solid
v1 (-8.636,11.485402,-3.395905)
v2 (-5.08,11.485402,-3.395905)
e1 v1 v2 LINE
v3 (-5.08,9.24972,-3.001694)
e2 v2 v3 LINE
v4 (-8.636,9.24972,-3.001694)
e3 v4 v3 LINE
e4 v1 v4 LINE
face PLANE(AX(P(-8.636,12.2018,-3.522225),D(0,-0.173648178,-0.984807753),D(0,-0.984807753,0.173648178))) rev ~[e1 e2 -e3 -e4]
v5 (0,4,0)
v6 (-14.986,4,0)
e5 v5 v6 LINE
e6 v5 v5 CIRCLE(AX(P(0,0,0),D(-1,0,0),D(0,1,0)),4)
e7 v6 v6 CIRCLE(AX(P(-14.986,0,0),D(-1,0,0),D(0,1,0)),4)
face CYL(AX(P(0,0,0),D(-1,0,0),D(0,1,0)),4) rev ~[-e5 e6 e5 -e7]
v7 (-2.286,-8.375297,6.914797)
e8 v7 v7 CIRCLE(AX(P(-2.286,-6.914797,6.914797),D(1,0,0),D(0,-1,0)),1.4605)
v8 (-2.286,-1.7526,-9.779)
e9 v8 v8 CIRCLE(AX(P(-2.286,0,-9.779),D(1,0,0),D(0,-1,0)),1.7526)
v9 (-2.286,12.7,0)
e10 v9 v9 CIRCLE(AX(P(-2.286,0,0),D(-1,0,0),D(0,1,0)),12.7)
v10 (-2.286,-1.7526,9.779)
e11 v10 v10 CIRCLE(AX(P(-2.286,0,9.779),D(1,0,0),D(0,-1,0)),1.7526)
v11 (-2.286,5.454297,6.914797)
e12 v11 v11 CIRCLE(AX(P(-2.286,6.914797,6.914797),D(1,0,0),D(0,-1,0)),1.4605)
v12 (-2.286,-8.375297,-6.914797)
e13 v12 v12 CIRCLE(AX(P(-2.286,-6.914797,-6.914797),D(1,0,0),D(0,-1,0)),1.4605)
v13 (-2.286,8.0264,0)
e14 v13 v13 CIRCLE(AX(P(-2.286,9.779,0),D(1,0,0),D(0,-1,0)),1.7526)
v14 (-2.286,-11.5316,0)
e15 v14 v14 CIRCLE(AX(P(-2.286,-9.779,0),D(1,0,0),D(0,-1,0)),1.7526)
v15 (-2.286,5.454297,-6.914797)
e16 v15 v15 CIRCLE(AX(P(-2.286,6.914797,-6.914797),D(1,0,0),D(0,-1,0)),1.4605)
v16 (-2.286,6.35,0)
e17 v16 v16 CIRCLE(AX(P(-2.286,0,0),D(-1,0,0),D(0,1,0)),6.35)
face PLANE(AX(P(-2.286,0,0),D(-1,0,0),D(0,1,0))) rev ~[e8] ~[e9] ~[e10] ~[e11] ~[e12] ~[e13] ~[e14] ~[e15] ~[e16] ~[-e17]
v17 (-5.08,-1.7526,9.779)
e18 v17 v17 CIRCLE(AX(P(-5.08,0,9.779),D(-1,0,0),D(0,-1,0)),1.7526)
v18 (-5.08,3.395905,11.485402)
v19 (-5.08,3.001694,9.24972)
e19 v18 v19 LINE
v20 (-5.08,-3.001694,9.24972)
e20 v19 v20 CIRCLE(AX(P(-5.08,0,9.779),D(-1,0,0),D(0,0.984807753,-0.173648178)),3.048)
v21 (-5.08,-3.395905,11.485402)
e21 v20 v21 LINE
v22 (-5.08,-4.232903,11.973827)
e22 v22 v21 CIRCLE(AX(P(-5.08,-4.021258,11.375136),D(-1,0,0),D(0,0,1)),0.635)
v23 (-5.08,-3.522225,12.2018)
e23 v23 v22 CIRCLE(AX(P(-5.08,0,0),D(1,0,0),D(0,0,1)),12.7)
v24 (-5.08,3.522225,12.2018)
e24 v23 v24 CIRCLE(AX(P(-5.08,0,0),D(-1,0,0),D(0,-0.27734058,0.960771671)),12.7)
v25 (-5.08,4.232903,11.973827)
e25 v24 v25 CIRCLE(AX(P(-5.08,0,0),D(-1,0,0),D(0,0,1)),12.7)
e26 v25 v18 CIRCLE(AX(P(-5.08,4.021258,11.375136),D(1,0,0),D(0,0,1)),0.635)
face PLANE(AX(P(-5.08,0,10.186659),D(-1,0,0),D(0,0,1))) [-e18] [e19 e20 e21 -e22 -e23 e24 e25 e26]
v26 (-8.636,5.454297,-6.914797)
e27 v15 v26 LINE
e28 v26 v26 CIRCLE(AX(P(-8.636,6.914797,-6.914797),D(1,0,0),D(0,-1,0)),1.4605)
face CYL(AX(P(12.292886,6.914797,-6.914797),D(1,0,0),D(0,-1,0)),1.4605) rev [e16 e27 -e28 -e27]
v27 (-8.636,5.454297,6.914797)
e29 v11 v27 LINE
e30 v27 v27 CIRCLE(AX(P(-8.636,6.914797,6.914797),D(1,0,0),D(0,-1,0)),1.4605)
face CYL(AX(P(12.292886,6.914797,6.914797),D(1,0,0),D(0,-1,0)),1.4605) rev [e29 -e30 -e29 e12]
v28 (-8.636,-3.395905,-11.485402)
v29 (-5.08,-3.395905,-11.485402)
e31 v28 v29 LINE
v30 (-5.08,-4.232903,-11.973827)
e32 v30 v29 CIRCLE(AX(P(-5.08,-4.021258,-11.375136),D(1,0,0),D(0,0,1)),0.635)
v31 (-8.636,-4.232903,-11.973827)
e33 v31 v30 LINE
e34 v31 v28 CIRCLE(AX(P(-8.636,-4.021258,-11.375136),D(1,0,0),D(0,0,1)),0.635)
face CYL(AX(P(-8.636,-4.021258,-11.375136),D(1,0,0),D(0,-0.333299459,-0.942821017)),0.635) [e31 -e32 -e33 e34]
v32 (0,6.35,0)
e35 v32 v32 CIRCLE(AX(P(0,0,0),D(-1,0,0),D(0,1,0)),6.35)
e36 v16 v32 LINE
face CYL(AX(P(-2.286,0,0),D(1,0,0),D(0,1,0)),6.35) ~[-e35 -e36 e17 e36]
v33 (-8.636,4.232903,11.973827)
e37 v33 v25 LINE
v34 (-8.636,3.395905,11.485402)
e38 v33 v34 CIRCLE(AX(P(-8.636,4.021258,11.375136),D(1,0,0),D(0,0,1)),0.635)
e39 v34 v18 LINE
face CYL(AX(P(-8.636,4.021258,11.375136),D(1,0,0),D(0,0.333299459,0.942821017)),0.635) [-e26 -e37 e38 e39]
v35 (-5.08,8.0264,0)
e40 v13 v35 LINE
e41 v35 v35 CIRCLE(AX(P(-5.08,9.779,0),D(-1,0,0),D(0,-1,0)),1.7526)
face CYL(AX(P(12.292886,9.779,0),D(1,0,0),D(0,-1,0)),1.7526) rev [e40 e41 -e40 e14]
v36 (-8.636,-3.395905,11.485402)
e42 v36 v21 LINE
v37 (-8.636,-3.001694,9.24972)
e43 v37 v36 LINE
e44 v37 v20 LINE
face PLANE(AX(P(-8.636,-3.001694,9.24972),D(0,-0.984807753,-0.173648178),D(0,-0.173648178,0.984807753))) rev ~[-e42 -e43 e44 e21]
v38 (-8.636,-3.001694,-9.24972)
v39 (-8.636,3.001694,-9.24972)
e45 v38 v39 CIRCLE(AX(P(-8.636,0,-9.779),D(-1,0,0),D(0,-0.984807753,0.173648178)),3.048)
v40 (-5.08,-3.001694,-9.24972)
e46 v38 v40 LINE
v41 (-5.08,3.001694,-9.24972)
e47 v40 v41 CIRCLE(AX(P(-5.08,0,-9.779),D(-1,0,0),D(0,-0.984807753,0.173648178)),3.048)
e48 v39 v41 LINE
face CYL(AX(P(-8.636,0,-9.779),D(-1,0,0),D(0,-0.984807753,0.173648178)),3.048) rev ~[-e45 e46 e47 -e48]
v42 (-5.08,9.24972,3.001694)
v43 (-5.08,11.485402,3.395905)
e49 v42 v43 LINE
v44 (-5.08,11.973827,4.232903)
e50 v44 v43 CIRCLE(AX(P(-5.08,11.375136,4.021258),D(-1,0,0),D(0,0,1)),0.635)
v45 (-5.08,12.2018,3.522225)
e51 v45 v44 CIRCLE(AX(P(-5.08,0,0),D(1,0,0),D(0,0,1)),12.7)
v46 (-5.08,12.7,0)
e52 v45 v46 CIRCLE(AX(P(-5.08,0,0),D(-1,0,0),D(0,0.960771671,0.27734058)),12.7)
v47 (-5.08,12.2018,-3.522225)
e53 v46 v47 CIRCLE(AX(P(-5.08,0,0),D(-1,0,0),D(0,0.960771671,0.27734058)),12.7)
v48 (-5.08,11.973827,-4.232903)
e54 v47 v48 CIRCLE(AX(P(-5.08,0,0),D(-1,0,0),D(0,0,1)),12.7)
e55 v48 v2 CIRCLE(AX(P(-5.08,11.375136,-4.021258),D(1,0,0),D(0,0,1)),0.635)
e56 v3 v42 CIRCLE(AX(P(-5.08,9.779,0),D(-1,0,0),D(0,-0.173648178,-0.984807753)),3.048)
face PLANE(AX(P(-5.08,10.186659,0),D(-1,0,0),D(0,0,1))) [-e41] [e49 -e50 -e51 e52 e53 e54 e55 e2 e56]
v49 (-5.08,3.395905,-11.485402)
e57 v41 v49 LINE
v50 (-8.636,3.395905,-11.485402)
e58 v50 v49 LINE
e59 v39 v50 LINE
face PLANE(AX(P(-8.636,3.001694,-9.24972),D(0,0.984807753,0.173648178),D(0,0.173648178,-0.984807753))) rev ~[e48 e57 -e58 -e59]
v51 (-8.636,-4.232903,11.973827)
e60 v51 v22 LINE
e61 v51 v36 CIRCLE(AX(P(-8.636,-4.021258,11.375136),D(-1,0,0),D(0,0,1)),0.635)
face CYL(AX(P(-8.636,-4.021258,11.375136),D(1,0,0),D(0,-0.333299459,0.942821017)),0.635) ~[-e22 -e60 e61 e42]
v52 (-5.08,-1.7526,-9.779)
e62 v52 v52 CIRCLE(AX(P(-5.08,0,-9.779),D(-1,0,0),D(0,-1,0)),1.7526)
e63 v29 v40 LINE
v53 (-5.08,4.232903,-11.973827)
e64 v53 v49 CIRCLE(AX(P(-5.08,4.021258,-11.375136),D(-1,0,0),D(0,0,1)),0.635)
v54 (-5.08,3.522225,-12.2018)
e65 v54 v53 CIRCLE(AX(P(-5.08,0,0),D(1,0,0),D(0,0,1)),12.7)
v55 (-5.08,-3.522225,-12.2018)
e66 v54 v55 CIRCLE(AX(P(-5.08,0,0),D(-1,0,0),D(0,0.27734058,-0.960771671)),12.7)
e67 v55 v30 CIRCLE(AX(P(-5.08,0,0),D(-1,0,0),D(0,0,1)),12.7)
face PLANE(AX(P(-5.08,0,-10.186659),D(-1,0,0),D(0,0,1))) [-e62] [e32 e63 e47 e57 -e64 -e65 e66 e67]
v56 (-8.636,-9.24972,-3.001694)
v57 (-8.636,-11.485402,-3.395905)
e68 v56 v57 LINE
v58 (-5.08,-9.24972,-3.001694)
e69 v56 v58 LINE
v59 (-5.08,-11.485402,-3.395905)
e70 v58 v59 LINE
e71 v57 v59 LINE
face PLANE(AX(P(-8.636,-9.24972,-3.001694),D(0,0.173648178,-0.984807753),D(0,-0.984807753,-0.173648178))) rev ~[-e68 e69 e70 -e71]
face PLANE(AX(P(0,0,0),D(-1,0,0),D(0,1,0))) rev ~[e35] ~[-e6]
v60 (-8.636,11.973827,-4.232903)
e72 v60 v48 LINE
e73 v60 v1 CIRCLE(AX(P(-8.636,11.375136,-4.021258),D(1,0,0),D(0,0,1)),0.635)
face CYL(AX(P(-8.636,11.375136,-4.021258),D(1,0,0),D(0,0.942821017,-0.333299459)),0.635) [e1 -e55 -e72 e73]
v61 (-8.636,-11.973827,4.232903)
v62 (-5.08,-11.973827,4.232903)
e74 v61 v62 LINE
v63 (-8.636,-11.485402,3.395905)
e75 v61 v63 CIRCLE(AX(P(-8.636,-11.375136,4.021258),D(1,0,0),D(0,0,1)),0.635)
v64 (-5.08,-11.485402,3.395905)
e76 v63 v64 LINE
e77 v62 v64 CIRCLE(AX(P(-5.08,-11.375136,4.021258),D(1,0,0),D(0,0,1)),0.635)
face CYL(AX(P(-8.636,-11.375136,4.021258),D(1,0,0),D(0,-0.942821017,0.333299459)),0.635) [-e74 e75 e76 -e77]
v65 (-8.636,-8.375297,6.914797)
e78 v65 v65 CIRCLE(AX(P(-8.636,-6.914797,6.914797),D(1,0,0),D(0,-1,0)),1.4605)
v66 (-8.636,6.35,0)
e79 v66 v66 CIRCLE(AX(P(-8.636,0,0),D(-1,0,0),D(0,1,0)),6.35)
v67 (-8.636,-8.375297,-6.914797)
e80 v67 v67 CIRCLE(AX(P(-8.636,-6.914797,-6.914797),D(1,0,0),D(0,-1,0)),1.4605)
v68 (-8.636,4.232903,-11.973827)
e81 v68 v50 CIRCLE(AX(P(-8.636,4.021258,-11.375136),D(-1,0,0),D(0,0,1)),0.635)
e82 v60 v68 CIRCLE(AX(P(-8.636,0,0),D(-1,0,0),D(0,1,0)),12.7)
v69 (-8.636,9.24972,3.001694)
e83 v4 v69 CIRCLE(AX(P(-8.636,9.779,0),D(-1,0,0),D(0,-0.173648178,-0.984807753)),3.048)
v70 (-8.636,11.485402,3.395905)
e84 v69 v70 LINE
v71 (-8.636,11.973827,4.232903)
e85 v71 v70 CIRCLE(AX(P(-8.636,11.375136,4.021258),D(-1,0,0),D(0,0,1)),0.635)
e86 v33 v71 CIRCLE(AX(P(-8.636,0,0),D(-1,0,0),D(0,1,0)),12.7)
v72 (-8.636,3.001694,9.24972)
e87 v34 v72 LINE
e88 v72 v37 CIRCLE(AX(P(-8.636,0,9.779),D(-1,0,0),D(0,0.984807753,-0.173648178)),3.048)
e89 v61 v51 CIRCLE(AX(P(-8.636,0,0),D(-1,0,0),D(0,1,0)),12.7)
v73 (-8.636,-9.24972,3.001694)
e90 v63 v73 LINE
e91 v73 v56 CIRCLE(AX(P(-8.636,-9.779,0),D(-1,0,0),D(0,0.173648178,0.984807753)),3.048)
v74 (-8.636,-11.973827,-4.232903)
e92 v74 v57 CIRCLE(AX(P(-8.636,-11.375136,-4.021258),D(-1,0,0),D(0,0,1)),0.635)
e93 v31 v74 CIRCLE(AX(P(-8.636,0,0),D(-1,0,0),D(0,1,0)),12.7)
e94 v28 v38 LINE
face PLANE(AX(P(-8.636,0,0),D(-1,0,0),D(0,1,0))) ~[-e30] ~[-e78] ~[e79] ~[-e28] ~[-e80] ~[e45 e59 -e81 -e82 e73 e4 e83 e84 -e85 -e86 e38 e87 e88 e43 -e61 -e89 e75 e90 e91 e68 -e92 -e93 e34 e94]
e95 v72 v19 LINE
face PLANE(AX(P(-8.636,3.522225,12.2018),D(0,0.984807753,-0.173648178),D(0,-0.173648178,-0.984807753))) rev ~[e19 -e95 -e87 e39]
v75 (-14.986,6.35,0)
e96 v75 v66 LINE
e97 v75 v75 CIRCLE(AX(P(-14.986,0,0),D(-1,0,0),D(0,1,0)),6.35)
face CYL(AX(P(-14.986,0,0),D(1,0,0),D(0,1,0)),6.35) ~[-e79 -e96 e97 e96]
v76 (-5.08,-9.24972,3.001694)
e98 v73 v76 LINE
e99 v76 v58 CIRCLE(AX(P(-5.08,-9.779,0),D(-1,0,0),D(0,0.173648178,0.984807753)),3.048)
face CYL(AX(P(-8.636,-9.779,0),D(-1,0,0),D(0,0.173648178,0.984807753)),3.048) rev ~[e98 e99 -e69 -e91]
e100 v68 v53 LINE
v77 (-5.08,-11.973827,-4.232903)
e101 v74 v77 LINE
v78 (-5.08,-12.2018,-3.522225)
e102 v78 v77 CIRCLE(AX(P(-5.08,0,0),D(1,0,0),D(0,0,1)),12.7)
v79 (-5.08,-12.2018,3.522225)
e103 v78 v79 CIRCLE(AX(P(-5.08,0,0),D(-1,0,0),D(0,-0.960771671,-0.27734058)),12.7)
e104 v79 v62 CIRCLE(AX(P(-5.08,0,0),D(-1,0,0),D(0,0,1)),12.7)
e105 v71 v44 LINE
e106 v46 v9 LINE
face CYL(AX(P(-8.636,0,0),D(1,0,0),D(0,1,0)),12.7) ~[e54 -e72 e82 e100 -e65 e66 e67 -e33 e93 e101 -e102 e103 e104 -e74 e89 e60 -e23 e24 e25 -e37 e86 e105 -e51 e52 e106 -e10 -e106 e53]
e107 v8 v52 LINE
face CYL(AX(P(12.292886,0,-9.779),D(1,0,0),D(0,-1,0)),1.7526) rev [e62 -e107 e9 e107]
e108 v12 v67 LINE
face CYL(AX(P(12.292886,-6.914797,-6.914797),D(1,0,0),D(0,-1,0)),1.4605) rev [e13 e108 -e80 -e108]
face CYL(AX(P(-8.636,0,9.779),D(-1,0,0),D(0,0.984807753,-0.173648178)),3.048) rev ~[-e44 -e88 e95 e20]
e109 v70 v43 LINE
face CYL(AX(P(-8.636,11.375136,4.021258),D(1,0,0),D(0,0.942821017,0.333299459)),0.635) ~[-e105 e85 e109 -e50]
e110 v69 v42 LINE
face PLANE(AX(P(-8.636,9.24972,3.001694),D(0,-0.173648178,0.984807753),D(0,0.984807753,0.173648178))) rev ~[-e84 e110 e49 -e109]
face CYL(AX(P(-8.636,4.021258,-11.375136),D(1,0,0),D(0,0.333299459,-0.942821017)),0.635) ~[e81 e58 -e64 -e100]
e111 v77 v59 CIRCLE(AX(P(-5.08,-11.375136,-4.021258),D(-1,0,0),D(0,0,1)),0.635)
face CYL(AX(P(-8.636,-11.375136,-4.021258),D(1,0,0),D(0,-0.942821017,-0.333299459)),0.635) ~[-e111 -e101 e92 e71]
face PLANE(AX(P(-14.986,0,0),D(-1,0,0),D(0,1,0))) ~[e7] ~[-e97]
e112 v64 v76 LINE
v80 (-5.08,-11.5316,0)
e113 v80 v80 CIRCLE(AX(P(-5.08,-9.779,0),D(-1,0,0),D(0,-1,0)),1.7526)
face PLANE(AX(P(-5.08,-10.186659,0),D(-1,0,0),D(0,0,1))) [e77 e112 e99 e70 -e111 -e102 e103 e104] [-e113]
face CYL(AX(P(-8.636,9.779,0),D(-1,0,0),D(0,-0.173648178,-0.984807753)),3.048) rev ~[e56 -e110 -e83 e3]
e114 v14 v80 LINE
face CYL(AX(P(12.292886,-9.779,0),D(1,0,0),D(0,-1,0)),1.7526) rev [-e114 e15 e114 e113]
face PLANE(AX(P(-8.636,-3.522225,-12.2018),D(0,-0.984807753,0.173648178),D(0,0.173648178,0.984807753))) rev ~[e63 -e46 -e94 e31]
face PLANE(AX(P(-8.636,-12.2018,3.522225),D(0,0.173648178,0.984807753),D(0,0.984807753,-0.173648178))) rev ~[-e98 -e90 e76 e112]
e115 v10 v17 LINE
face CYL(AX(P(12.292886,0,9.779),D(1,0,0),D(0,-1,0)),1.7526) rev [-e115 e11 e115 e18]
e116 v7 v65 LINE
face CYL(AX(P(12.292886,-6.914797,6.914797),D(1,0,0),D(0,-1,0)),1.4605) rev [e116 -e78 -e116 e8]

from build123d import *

# Parameters (mm, degrees)
CUT_EXTRUDE2_DEPTH      = 20.92888597
CUT_EXTRUDE2_DEPTH_BACK = 20.92888597
SKETCH2_3_R             = 1.7526
SKETCH2_3_R_2           = 1.4605
SKETCH2_R               = 1.7526
CUT_EXTRUDE1_DEPTH      = 3.556
FILLET1_R               = 0.635


with BuildPart() as part:
    # Sketch1 → Revolve1 (revolve)
    with BuildSketch(Plane.XY):
        Polygon((-14.986, 6.35), (-8.636, 6.35), (-8.636, 12.7), (-2.286, 12.7), (-2.286, 6.35), (0, 6.35), (0, 4), (-14.986, 4), align=None)
    revolve(axis=Axis((0, 0, 0), (-1, 0, 0)))

    # Sketch2<3> → Cut-Extrude2 (cut, two sides: drawn at the far end of the back side and taken through both)
    with BuildSketch(Plane.ZY.offset(8.636).offset(-CUT_EXTRUDE2_DEPTH_BACK)):
        with Locations((-9.779, 0)):
            Circle(SKETCH2_3_R)
        with Locations((0, 9.779)):
            Circle(SKETCH2_3_R)
        with Locations((9.779, 0)):
            Circle(SKETCH2_3_R)
        with Locations((0, -9.779)):
            Circle(SKETCH2_3_R)
        with Locations((-6.914797213, 6.914797213)):
            Circle(SKETCH2_3_R_2)
        with Locations((6.914797213, 6.914797213)):
            Circle(SKETCH2_3_R_2)
        with Locations((6.914797213, -6.914797213)):
            Circle(SKETCH2_3_R_2)
        with Locations((-6.914797213, -6.914797213)):
            Circle(SKETCH2_3_R_2)
    extrude(amount=CUT_EXTRUDE2_DEPTH + CUT_EXTRUDE2_DEPTH_BACK, mode=Mode.SUBTRACT)

    # Sketch2 → Cut-Extrude1 (cut)
    # profile 1 of 4: a face of its own
    with BuildSketch(Plane.ZY.offset(8.636)):
        with BuildLine():
            Line((-12.201800216, -3.52222536), (-9.249720354, -3.001694031))
            ThreePointArc((-9.249720354, -3.001694031), (-6.731, 0), (-9.249720354, 3.001694031))
            Line((-9.249720354, 3.001694031), (-12.201800216, 3.52222536))
            ThreePointArc((-12.201800216, 3.52222536), (-12.7, 0), (-12.201800216, -3.52222536))
        make_face()
        with Locations((-9.779, 0)):
            Circle(SKETCH2_R, mode=Mode.SUBTRACT)
    # profile 2 of 4: a face of its own
    with BuildSketch(Plane.ZY.offset(8.636)):
        with BuildLine():
            Line((-3.001694031, -9.249720354), (-3.52222536, -12.201800216))
            ThreePointArc((-3.52222536, -12.201800216), (0, -12.7), (3.52222536, -12.201800216))
            Line((3.52222536, -12.201800216), (3.001694031, -9.249720354))
            ThreePointArc((3.001694031, -9.249720354), (0, -6.731), (-3.001694031, -9.249720354))
        make_face()
        with Locations((0, -9.779)):
            Circle(SKETCH2_R, mode=Mode.SUBTRACT)
    # profile 3 of 4: a face of its own
    with BuildSketch(Plane.ZY.offset(8.636)):
        with BuildLine():
            ThreePointArc((3.52222536, 12.201800216), (0, 12.7), (-3.52222536, 12.201800216))
            Line((-3.52222536, 12.201800216), (-3.001694031, 9.249720354))
            ThreePointArc((-3.001694031, 9.249720354), (0, 6.731), (3.001694031, 9.249720354))
            Line((3.001694031, 9.249720354), (3.52222536, 12.201800216))
        make_face()
        with Locations((0, 9.779)):
            Circle(SKETCH2_R, mode=Mode.SUBTRACT)
    # profile 4 of 4: a face of its own
    with BuildSketch(Plane.ZY.offset(8.636)):
        with BuildLine():
            Line((9.249720354, -3.001694031), (12.201800216, -3.52222536))
            ThreePointArc((12.201800216, -3.52222536), (12.7, 0), (12.201800216, 3.52222536))
            Line((12.201800216, 3.52222536), (9.249720354, 3.001694031))
            ThreePointArc((9.249720354, 3.001694031), (6.731, 0), (9.249720354, -3.001694031))
        make_face()
        with Locations((9.779, 0)):
            Circle(SKETCH2_R, mode=Mode.SUBTRACT)
    extrude(amount=-CUT_EXTRUDE1_DEPTH, mode=Mode.SUBTRACT)

    # Fillet1
    fillet1_edges = [part.edges().sort_by_distance(p)[0] for p in [
        (-6.858, 12.201800216, -3.52222536),
        (-6.858, 12.201800216, 3.52222536),
        (-6.858, 3.52222536, 12.201800216),
        (-6.858, -3.52222536, 12.201800216),
        (-6.858, -12.201800216, 3.52222536),
        (-6.858, -12.201800216, -3.52222536),
        (-6.858, -3.52222536, -12.201800216),
        (-6.858, 3.52222536, -12.201800216),
    ]]
    fillet(fillet1_edges, radius=FILLET1_R)


solid = part.part
